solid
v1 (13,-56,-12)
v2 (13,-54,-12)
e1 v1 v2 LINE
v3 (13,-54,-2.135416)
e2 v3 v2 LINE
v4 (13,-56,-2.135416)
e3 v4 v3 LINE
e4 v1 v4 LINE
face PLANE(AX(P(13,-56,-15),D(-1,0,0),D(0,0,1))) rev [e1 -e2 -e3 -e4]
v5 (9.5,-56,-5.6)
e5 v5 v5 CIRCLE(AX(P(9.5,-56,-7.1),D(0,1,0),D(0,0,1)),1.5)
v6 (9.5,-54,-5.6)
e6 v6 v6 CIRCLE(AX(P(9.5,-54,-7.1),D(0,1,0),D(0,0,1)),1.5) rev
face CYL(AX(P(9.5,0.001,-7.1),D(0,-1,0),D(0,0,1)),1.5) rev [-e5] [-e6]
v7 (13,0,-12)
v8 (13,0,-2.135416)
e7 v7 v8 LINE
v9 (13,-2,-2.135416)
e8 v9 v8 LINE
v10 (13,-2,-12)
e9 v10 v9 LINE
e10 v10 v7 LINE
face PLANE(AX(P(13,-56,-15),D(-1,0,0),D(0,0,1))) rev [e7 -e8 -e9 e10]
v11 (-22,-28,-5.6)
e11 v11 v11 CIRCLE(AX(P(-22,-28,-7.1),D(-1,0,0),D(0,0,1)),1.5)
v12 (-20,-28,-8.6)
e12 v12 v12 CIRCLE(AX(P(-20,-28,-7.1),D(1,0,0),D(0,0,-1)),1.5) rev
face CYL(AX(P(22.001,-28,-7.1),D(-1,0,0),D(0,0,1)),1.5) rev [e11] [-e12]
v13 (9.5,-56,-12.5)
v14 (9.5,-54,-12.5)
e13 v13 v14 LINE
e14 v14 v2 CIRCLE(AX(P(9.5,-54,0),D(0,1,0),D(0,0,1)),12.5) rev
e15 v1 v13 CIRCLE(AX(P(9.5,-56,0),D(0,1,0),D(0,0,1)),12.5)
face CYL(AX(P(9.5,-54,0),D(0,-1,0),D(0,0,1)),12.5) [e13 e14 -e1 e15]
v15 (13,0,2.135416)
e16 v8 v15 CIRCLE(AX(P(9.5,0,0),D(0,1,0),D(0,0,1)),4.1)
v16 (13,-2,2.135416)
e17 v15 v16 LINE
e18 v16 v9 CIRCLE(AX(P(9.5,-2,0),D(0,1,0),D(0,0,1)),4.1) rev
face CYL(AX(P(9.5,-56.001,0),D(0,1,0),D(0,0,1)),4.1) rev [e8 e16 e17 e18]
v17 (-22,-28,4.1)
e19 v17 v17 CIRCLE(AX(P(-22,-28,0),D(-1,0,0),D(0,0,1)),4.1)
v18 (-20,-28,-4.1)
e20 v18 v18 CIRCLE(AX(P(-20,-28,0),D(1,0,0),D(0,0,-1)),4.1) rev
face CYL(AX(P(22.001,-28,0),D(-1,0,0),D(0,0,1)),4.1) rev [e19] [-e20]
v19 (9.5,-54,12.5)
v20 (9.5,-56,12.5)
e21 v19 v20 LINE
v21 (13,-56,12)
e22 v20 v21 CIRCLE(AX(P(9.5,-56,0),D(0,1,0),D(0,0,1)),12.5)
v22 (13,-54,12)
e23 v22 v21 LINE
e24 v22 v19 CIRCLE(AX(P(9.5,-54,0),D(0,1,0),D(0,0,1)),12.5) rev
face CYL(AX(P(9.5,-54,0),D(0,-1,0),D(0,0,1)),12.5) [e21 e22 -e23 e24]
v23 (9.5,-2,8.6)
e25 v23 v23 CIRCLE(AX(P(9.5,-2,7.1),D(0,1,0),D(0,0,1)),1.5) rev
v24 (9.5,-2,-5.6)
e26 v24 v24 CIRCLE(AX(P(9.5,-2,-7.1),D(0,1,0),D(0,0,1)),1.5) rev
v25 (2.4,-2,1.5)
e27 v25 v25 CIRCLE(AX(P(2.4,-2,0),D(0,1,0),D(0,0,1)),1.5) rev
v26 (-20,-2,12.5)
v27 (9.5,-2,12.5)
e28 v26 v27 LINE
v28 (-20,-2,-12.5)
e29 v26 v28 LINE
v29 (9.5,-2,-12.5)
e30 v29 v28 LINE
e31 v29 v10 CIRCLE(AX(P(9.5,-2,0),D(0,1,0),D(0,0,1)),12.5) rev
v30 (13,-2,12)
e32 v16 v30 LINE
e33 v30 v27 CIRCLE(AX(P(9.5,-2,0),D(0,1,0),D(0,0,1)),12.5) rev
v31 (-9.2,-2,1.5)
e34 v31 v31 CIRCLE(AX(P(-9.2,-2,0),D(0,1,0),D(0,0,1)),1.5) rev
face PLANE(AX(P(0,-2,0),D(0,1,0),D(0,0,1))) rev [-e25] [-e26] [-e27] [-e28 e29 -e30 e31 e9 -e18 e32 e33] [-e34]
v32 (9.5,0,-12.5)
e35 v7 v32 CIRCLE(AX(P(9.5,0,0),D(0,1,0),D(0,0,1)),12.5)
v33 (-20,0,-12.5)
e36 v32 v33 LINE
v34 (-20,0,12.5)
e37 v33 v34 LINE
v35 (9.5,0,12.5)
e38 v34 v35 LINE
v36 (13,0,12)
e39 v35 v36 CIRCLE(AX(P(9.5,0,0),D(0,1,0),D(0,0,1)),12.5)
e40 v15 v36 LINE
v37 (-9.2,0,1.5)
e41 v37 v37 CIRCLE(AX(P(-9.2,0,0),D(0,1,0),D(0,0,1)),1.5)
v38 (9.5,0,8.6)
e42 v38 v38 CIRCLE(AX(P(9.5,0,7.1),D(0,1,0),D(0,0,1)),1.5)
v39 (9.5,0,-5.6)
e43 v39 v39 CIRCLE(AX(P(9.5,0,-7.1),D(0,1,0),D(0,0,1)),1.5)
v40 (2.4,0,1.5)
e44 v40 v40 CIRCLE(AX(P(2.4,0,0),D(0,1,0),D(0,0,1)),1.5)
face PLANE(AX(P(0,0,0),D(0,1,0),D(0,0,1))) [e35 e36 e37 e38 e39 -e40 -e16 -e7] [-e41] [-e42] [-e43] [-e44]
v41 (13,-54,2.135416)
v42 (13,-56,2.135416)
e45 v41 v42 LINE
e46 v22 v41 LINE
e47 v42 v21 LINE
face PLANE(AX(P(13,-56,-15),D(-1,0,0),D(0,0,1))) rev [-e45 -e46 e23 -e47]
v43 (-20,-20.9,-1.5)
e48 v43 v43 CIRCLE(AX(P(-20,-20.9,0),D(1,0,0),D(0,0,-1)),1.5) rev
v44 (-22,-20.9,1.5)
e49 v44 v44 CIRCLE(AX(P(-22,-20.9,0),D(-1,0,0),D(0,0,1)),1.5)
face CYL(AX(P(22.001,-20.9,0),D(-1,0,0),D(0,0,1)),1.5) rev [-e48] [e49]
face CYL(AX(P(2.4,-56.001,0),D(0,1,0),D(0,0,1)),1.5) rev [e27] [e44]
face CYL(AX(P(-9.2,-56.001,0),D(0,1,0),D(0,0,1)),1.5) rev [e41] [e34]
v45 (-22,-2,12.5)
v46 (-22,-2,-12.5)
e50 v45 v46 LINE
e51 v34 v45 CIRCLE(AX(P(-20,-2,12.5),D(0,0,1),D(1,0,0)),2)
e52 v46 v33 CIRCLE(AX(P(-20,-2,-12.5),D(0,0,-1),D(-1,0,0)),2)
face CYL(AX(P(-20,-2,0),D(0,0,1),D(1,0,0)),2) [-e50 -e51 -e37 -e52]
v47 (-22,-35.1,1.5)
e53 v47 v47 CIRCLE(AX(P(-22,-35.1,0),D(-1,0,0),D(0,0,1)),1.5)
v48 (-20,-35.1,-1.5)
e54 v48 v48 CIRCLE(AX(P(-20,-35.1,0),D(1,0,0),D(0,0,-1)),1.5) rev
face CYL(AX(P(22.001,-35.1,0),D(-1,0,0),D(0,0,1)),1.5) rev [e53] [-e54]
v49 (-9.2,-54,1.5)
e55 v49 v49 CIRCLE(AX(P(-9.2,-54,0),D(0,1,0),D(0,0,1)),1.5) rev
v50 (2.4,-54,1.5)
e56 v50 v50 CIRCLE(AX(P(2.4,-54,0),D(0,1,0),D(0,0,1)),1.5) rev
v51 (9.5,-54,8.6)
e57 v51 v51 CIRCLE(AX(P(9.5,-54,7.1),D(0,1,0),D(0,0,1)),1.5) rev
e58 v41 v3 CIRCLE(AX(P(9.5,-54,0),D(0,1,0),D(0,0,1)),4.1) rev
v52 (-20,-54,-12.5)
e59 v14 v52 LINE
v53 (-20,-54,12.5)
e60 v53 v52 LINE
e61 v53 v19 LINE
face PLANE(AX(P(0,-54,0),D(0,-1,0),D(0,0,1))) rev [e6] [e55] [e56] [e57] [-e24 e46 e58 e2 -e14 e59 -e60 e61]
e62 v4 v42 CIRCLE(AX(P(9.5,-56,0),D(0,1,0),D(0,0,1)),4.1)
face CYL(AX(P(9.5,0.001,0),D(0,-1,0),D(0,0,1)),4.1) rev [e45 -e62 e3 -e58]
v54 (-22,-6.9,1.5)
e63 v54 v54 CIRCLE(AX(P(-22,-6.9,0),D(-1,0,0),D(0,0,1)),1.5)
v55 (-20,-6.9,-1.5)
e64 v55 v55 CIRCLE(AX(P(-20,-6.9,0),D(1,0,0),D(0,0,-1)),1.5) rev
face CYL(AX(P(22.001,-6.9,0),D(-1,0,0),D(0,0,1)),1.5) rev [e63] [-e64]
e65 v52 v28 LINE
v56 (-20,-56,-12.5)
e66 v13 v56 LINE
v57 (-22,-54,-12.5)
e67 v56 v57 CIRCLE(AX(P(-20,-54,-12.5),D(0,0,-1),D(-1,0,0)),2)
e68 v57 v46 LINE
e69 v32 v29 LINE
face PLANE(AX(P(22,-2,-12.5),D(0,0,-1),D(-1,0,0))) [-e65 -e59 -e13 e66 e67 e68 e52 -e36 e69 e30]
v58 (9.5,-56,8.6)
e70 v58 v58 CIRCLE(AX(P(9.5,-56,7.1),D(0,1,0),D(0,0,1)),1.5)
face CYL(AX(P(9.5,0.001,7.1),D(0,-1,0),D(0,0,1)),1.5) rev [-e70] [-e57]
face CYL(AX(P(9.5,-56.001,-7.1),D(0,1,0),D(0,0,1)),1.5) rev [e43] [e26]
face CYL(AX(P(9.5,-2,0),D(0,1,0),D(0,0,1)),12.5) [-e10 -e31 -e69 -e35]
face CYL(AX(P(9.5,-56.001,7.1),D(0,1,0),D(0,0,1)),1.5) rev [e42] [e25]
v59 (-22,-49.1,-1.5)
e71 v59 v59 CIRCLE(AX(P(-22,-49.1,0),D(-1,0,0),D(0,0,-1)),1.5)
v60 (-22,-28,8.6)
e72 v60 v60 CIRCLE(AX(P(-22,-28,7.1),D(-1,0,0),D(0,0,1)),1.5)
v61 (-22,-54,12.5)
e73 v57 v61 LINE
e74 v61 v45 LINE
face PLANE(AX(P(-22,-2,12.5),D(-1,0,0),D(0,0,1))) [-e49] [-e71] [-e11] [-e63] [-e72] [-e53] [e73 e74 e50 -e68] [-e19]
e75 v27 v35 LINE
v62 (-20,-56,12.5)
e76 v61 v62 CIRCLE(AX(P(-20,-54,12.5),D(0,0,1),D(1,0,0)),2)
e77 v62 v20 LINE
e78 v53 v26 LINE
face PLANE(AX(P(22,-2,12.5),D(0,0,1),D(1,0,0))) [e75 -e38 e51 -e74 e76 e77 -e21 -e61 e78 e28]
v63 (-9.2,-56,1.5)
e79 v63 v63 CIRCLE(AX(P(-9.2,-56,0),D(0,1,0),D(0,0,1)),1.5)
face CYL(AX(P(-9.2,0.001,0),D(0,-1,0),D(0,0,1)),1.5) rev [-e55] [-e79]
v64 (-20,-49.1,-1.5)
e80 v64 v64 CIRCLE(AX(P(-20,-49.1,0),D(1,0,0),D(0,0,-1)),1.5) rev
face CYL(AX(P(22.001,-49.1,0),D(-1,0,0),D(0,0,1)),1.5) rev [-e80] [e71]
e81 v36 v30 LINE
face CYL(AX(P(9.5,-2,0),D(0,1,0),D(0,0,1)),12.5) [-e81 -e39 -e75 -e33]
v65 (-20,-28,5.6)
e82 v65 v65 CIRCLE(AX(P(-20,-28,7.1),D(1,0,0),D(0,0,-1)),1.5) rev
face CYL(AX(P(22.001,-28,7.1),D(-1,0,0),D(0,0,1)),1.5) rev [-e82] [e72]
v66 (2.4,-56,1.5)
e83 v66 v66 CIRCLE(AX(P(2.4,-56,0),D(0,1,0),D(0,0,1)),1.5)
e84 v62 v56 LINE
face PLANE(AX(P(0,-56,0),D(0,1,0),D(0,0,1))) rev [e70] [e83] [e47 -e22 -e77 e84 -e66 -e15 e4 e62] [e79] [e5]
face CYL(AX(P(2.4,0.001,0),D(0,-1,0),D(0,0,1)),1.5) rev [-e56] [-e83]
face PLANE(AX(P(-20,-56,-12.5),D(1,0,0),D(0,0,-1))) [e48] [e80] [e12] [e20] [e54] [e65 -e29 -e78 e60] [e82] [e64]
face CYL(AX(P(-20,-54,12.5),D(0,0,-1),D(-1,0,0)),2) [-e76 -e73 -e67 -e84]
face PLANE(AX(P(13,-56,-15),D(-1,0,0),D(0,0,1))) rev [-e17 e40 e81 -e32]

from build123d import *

# Parameters (mm, degrees)
SKETCH_1_W          = 44
SKETCH_1_H          = 25
EXTRUDE_1_DEPTH     = 2
SKETCH_2_W          = 2
SKETCH_2_H          = 25
EXTRUDE_2_DEPTH     = 56
FILLET_1_RADIUS     = 12.5
FILLET_1_LENGTH     = 2
CUT_EXTRUDE_2_REACH = 63.451
SKETCH_3_R          = 4.1
SKETCH_3_R_2        = 1.5
CUT_EXTRUDE_3_REACH = 74.307
SKETCH_4_R          = 4.1
SKETCH_4_R_2        = 1.5
FILLET_2_R          = 2
SKETCH_5_W          = 11
SKETCH_5_H          = 30
CUT_EXTRUDE_4_DEPTH = 62.451200151


with BuildPart() as part:
    # 草图1 → 凸台-拉伸1 (new body)
    with BuildSketch(Plane(origin=(0, 0, 0), x_dir=(1, 0, 0), z_dir=(0, 1, 0))):
        Rectangle(SKETCH_1_W, SKETCH_1_H)
    extrude(amount=-EXTRUDE_1_DEPTH)

    # 草图2 → 凸台-拉伸2 (add)
    with BuildSketch(Plane(origin=(0, 0, 0), x_dir=(1, 0, 0), z_dir=(0, 1, 0))):
        with Locations((-21, 0)):
            Rectangle(SKETCH_2_W, SKETCH_2_H)
    extrude(amount=-EXTRUDE_2_DEPTH)

    # 圆角1: full round fillet: the end face becomes a half cylinder, R = half its width
    fillet_1_face = Plane((22, -1, 0), x_dir=(0, 1, 0), z_dir=(1, 0, 0))  # on the end face: x along it, z out of the body
    fillet_1_slab = fillet_1_face.offset(-FILLET_1_RADIUS / 2) * Box(FILLET_1_LENGTH, 2 * FILLET_1_RADIUS, FILLET_1_RADIUS, mode=Mode.PRIVATE)  # the body's end, R deep
    fillet_1_round = Plane((9.5, -1, 0), x_dir=(1, 0, 0), z_dir=(0, 1, 0)) * Cylinder(FILLET_1_RADIUS, FILLET_1_LENGTH, mode=Mode.PRIVATE)  # its axis R under the face
    add(fillet_1_slab - fillet_1_round, mode=Mode.SUBTRACT)

    # 草图3 → 切除-拉伸2 (cut, up to next)
    with BuildSketch(Plane(origin=(0, 0, 0), x_dir=(1, 0, 0), z_dir=(0, 1, 0)), mode=Mode.PRIVATE) as cut_extrude_2_sk1:
        with Locations(Location((9.5, 0, 0), (0, 0, 270))):
            Circle(SKETCH_3_R)
    cut_extrude_2_tool1 = extrude(cut_extrude_2_sk1.sketch, amount=-CUT_EXTRUDE_2_REACH, mode=Mode.PRIVATE) & part.part
    # 草图3 → 切除-拉伸2 (cut, up to next)
    with BuildSketch(Plane(origin=(0, 0, 0), x_dir=(1, 0, 0), z_dir=(0, 1, 0)), mode=Mode.PRIVATE) as cut_extrude_2_sk2:
        with Locations(Location((2.4, 0, 0), (0, 0, 270))):
            Circle(SKETCH_3_R_2)
    cut_extrude_2_tool2 = extrude(cut_extrude_2_sk2.sketch, amount=-CUT_EXTRUDE_2_REACH, mode=Mode.PRIVATE) & part.part
    # 草图3 → 切除-拉伸2 (cut, up to next)
    with BuildSketch(Plane(origin=(0, 0, 0), x_dir=(1, 0, 0), z_dir=(0, 1, 0)), mode=Mode.PRIVATE) as cut_extrude_2_sk3:
        with Locations(Location((9.5, 7.1, 0), (0, 0, 270))):
            Circle(SKETCH_3_R_2)
    cut_extrude_2_tool3 = extrude(cut_extrude_2_sk3.sketch, amount=-CUT_EXTRUDE_2_REACH, mode=Mode.PRIVATE) & part.part
    # 草图3 → 切除-拉伸2 (cut, up to next)
    with BuildSketch(Plane(origin=(0, 0, 0), x_dir=(1, 0, 0), z_dir=(0, 1, 0)), mode=Mode.PRIVATE) as cut_extrude_2_sk4:
        with Locations(Location((16.6, 0, 0), (0, 0, 270))):
            Circle(SKETCH_3_R_2)
    cut_extrude_2_tool4 = extrude(cut_extrude_2_sk4.sketch, amount=-CUT_EXTRUDE_2_REACH, mode=Mode.PRIVATE) & part.part
    # 草图3 → 切除-拉伸2 (cut, up to next)
    with BuildSketch(Plane(origin=(0, 0, 0), x_dir=(1, 0, 0), z_dir=(0, 1, 0)), mode=Mode.PRIVATE) as cut_extrude_2_sk5:
        with Locations(Location((9.5, -7.1, 0), (0, 0, 270))):
            Circle(SKETCH_3_R_2)
    cut_extrude_2_tool5 = extrude(cut_extrude_2_sk5.sketch, amount=-CUT_EXTRUDE_2_REACH, mode=Mode.PRIVATE) & part.part
    # 草图3 → 切除-拉伸2 (cut, up to next)
    with BuildSketch(Plane(origin=(0, 0, 0), x_dir=(1, 0, 0), z_dir=(0, 1, 0)), mode=Mode.PRIVATE) as cut_extrude_2_sk6:
        with Locations(Location((-9.2, 0, 0), (0, 0, 270))):
            Circle(SKETCH_3_R_2)
    cut_extrude_2_tool6 = extrude(cut_extrude_2_sk6.sketch, amount=-CUT_EXTRUDE_2_REACH, mode=Mode.PRIVATE) & part.part
    add(cut_extrude_2_tool1.solids().sort_by_distance((9.5, 0, 0))[0], mode=Mode.SUBTRACT)
    add(cut_extrude_2_tool2.solids().sort_by_distance((2.4, 0, 0))[0], mode=Mode.SUBTRACT)
    add(cut_extrude_2_tool3.solids().sort_by_distance((9.5, 0, -7.1))[0], mode=Mode.SUBTRACT)
    add(cut_extrude_2_tool4.solids().sort_by_distance((16.6, 0, 0))[0], mode=Mode.SUBTRACT)
    add(cut_extrude_2_tool5.solids().sort_by_distance((9.5, 0, 7.1))[0], mode=Mode.SUBTRACT)
    add(cut_extrude_2_tool6.solids().sort_by_distance((-9.2, 0, 0))[0], mode=Mode.SUBTRACT)

    # 镜向2: part across plane


with BuildPart() as part_1:
    add(part.part)
    add(part.part.mirror(Plane.ZX.offset(-28)))

    # 草图4 → 切除-拉伸3 (cut, up to next)
    with BuildSketch(Plane.ZY.offset(22), mode=Mode.PRIVATE) as cut_extrude_3_sk1:
        with Locations((0, -28)):
            Circle(SKETCH_4_R)
    cut_extrude_3_tool1 = extrude(cut_extrude_3_sk1.sketch, amount=-CUT_EXTRUDE_3_REACH, mode=Mode.PRIVATE) & part_1.part
    # 草图4 → 切除-拉伸3 (cut, up to next)
    with BuildSketch(Plane.ZY.offset(22), mode=Mode.PRIVATE) as cut_extrude_3_sk2:
        with Locations((0, -20.9)):
            Circle(SKETCH_4_R_2)
    cut_extrude_3_tool2 = extrude(cut_extrude_3_sk2.sketch, amount=-CUT_EXTRUDE_3_REACH, mode=Mode.PRIVATE) & part_1.part
    # 草图4 → 切除-拉伸3 (cut, up to next)
    with BuildSketch(Plane.ZY.offset(22), mode=Mode.PRIVATE) as cut_extrude_3_sk3:
        with Locations((7.1, -28)):
            Circle(SKETCH_4_R_2)
    cut_extrude_3_tool3 = extrude(cut_extrude_3_sk3.sketch, amount=-CUT_EXTRUDE_3_REACH, mode=Mode.PRIVATE) & part_1.part
    # 草图4 → 切除-拉伸3 (cut, up to next)
    with BuildSketch(Plane.ZY.offset(22), mode=Mode.PRIVATE) as cut_extrude_3_sk4:
        with Locations((0, -35.1)):
            Circle(SKETCH_4_R_2)
    cut_extrude_3_tool4 = extrude(cut_extrude_3_sk4.sketch, amount=-CUT_EXTRUDE_3_REACH, mode=Mode.PRIVATE) & part_1.part
    # 草图4 → 切除-拉伸3 (cut, up to next)
    with BuildSketch(Plane.ZY.offset(22), mode=Mode.PRIVATE) as cut_extrude_3_sk5:
        with Locations((-7.1, -28)):
            Circle(SKETCH_4_R_2)
    cut_extrude_3_tool5 = extrude(cut_extrude_3_sk5.sketch, amount=-CUT_EXTRUDE_3_REACH, mode=Mode.PRIVATE) & part_1.part
    # 草图4 → 切除-拉伸3 (cut, up to next)
    with BuildSketch(Plane.ZY.offset(22), mode=Mode.PRIVATE) as cut_extrude_3_sk6:
        with Locations((0, -6.9)):
            Circle(SKETCH_4_R_2)
    cut_extrude_3_tool6 = extrude(cut_extrude_3_sk6.sketch, amount=-CUT_EXTRUDE_3_REACH, mode=Mode.PRIVATE) & part_1.part
    # 草图4 → 切除-拉伸3 (cut, up to next)
    with BuildSketch(Plane.ZY.offset(22), mode=Mode.PRIVATE) as cut_extrude_3_sk7:
        with Locations(Location((0, -49.1, 0), (0, 0, 180))):
            Circle(SKETCH_4_R_2)
    cut_extrude_3_tool7 = extrude(cut_extrude_3_sk7.sketch, amount=-CUT_EXTRUDE_3_REACH, mode=Mode.PRIVATE) & part_1.part
    add(cut_extrude_3_tool1.solids().sort_by_distance((-22, -28, 0))[0], mode=Mode.SUBTRACT)
    add(cut_extrude_3_tool2.solids().sort_by_distance((-22, -20.9, 0))[0], mode=Mode.SUBTRACT)
    add(cut_extrude_3_tool3.solids().sort_by_distance((-22, -28, 7.1))[0], mode=Mode.SUBTRACT)
    add(cut_extrude_3_tool4.solids().sort_by_distance((-22, -35.1, 0))[0], mode=Mode.SUBTRACT)
    add(cut_extrude_3_tool5.solids().sort_by_distance((-22, -28, -7.1))[0], mode=Mode.SUBTRACT)
    add(cut_extrude_3_tool6.solids().sort_by_distance((-22, -6.9, 0))[0], mode=Mode.SUBTRACT)
    add(cut_extrude_3_tool7.solids().sort_by_distance((-22, -49.1, 0))[0], mode=Mode.SUBTRACT)

    # 圆角2
    fillet_2_edges = [part_1.edges().sort_by_distance(p)[0] for p in [
        (-22, -56, 0),
        (-22, 0, 0),
    ]]
    fillet(fillet_2_edges, radius=FILLET_2_R)

    # 草图5 → 切除-拉伸4 (cut, through all)
    with BuildSketch(Plane(origin=(0, 0, 0), x_dir=(1, 0, 0), z_dir=(0, 1, 0))):
        with Locations((18.5, 0)):
            Rectangle(SKETCH_5_W, SKETCH_5_H)
    extrude(amount=-CUT_EXTRUDE_4_DEPTH, mode=Mode.SUBTRACT)


solid = part_1.part
